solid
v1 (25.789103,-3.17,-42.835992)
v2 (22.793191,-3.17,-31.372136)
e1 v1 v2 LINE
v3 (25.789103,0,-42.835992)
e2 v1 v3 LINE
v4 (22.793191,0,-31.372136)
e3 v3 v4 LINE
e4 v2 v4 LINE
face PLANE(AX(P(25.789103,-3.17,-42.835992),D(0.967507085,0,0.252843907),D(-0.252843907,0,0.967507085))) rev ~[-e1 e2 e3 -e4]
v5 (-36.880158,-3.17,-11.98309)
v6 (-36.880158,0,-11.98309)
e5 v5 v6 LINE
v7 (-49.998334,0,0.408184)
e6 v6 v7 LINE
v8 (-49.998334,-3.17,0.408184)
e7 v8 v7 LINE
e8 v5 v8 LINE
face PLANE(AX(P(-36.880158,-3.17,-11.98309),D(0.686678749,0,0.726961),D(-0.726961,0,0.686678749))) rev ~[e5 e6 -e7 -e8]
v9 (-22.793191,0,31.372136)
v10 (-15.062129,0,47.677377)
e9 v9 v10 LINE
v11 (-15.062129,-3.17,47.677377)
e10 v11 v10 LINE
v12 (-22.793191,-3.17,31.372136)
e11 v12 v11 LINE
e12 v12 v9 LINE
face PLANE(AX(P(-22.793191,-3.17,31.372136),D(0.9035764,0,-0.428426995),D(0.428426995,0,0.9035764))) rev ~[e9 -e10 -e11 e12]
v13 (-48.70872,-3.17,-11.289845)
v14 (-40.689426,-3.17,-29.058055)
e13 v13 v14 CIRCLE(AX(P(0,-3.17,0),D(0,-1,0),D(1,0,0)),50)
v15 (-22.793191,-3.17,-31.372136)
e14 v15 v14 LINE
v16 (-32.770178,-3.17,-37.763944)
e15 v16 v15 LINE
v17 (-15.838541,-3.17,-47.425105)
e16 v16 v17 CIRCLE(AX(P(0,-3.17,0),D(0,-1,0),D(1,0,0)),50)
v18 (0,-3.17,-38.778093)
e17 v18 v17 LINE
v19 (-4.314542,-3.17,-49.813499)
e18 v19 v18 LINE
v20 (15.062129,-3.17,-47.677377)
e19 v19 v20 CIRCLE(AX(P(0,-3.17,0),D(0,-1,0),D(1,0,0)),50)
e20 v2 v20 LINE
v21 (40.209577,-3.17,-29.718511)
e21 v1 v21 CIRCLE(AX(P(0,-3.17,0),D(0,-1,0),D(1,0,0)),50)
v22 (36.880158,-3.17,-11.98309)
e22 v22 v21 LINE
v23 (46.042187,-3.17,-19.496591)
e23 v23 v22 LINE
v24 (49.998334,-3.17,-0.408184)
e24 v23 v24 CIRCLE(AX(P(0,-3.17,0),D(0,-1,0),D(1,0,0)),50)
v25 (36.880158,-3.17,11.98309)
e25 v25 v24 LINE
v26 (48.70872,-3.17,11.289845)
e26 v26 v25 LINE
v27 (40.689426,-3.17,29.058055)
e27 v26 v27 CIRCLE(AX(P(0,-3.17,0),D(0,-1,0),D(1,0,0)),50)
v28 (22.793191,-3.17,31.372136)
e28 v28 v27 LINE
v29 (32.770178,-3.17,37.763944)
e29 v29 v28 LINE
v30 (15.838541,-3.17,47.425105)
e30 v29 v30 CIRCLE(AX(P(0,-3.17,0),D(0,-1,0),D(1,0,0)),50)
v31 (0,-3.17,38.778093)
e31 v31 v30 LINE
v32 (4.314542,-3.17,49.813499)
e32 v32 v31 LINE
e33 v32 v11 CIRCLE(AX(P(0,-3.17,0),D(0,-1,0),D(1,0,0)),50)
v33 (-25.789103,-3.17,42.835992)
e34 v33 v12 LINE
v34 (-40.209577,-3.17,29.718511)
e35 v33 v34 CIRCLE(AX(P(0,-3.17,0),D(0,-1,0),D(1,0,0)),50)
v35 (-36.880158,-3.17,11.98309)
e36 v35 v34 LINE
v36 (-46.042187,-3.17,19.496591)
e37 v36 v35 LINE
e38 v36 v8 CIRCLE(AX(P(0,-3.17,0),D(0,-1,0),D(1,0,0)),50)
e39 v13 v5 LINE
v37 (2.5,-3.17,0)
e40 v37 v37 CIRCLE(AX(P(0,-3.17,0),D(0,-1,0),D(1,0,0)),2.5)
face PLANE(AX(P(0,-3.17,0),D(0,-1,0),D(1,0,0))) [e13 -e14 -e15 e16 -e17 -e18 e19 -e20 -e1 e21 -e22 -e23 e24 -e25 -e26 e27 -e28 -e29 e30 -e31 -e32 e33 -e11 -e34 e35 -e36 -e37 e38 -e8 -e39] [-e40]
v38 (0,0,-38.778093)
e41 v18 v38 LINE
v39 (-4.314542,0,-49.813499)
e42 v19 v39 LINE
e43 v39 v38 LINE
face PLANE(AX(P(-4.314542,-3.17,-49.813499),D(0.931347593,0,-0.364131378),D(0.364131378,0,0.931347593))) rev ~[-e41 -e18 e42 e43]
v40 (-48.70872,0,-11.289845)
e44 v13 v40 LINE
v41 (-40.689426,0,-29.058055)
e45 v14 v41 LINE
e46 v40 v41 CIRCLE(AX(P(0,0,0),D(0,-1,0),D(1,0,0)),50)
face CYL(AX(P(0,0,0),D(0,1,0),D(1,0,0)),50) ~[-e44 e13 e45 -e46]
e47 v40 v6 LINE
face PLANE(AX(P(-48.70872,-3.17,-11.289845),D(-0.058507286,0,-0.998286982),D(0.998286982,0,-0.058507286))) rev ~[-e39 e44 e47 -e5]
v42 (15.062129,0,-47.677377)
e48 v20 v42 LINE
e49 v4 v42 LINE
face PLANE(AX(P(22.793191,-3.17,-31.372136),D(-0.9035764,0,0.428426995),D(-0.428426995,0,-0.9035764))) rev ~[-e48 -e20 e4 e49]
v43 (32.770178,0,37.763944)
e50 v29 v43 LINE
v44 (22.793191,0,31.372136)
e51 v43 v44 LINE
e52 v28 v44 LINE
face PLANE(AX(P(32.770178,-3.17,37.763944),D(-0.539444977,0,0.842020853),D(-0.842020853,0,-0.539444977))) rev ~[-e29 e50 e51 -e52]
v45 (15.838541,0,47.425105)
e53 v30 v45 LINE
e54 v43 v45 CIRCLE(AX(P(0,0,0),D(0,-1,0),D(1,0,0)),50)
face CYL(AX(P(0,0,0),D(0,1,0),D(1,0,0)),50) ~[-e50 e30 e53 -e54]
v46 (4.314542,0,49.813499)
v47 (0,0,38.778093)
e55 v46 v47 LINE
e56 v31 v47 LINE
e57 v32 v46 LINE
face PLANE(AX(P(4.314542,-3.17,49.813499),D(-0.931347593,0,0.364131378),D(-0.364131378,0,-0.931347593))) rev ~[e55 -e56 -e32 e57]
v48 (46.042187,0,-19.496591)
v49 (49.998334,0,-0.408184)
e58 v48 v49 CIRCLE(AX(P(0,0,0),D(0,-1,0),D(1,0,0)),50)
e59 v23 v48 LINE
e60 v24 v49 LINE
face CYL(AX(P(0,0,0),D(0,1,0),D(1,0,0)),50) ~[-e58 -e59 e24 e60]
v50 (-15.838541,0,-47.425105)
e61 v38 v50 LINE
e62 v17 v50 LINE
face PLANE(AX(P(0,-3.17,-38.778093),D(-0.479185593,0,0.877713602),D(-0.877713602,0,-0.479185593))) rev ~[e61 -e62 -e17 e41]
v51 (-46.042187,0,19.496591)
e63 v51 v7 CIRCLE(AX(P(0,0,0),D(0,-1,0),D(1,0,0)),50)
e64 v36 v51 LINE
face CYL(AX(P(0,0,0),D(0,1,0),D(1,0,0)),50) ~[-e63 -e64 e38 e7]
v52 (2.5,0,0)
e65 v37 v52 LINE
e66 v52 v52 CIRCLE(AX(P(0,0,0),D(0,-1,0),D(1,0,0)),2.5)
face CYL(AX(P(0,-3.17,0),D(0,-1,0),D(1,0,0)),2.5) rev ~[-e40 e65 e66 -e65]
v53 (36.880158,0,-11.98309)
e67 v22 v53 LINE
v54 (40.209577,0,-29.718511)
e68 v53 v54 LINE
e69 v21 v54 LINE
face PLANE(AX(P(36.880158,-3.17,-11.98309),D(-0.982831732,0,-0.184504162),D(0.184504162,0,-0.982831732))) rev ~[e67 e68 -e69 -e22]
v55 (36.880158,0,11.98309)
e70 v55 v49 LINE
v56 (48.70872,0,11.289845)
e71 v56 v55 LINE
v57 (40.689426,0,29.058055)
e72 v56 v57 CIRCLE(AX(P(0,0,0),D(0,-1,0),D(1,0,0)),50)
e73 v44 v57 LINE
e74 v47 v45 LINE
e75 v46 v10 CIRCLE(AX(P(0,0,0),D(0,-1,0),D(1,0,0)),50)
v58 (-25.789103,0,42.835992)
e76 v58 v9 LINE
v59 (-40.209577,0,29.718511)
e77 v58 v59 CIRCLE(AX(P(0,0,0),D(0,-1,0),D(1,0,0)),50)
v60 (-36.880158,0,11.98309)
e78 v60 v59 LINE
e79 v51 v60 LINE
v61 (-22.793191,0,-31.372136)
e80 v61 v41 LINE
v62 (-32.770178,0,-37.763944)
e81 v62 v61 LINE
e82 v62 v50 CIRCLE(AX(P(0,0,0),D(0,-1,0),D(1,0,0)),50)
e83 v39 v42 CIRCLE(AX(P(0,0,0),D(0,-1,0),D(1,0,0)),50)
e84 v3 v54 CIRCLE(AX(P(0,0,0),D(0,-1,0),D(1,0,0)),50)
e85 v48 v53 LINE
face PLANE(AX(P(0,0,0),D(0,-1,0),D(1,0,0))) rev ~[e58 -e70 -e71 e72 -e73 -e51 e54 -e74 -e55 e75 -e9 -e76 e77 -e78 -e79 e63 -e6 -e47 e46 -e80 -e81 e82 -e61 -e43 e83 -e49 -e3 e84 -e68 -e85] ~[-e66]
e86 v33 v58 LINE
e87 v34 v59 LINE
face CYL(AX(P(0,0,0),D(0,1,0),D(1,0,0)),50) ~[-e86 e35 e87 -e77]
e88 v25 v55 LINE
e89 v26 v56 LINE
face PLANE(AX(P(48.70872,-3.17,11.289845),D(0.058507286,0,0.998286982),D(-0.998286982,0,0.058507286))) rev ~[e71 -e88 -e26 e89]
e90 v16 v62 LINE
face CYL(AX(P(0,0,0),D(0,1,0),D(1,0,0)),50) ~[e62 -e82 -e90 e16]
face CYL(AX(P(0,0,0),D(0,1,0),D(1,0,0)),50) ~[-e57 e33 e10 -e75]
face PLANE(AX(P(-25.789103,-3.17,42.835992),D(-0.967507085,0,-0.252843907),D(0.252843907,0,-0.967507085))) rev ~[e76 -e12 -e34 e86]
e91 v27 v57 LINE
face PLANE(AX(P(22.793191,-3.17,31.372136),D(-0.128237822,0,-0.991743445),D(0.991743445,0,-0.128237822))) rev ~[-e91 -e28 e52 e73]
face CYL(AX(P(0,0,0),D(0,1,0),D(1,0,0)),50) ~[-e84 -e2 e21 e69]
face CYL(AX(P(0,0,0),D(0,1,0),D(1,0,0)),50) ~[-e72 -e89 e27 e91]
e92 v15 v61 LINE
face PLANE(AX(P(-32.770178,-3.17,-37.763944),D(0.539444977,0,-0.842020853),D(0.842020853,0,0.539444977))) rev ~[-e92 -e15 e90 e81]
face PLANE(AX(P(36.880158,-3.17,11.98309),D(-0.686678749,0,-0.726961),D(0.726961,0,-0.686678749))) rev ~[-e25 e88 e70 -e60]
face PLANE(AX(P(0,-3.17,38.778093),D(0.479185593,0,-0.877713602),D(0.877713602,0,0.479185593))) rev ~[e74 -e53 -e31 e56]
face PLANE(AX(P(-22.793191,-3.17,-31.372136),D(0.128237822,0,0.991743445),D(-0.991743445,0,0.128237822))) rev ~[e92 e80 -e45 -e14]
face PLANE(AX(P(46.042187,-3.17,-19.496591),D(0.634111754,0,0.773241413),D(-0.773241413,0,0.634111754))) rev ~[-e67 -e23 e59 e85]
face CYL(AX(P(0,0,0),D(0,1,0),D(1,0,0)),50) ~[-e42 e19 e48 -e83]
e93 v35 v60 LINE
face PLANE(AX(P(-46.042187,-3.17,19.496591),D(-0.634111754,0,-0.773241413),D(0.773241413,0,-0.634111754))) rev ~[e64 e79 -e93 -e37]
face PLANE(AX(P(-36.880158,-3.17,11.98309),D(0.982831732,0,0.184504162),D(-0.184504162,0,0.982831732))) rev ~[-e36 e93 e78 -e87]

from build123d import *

# Parameters (mm, degrees)
F0_R     = 50
F1_DEPTH = 3.17
F2_R     = 2.5
F3_DEPTH = 25
F5_DEPTH = 25


with BuildPart() as f1:
    # F0 (on Front) → F1 (new body)
    with BuildSketch(Plane.XZ):
        Circle(F0_R)
    extrude(amount=F1_DEPTH)

    # F2 (on face) → F3 (cut)
    with BuildSketch(Plane.XZ.offset(3.17)):
        Circle(F2_R)
    extrude(amount=-F3_DEPTH, mode=Mode.SUBTRACT)

    # F4 (on face) → F5 (cut)
    with BuildSketch(Plane.XZ.offset(3.17)):
        with BuildLine():
            Line((-22.7931910082, 31.3721360136), (-15.0621287485, 47.6773769996))
            ThreePointArc((-15.0621287485, 47.6773769996), (-20.5685569707, 45.5733964517), (-25.7891029355, 42.8359915233))
            Line((-25.7891029355, 42.8359915233), (-22.7931910082, 31.3721360136))
        make_face()
        with BuildLine():
            Line((0, 38.7780927122), (15.8385409393, 47.4251053864))
            ThreePointArc((15.8385409393, 47.4251053864), (10.1470581921, 48.9595466691), (4.3145415402, 49.8134994886))
            Line((4.3145415402, 49.8134994886), (0, 38.7780927122))
        make_face()
        with BuildLine():
            ThreePointArc((40.6894263206, 29.0580554357), (36.9868420114, 33.6448141327), (32.7701777935, 37.7639437478))
            Line((32.7701777935, 37.7639437478), (22.7931910082, 31.3721360136))
            Line((22.7931910082, 31.3721360136), (40.6894263206, 29.0580554357))
        make_face()
        with BuildLine():
            ThreePointArc((50, 0), (49.6761310759, 5.6817252069), (48.7087199469, 11.2898450446))
            Line((48.7087199469, 11.2898450446), (36.8801577634, 11.9830896575))
            Line((36.8801577634, 11.9830896575), (49.9983338301, -0.4081840445))
            ThreePointArc((49.9983338301, -0.4081840445), (49.9995834558, -0.2040937225), (50, 0))
        make_face()
        with BuildLine():
            ThreePointArc((40.2095771974, -29.7185110934), (43.4276824703, -24.7797577725), (46.0421866292, -19.4965907379))
            Line((46.0421866292, -19.4965907379), (36.8801577634, -11.9830896575))
            Line((36.8801577634, -11.9830896575), (40.2095771974, -29.7185110934))
        make_face()
        with BuildLine():
            ThreePointArc((15.0621287485, -47.6773769996), (20.5685569707, -45.5733964517), (25.7891029355, -42.8359915233))
            Line((25.7891029355, -42.8359915233), (22.7931910082, -31.3721360136))
            Line((22.7931910082, -31.3721360136), (15.0621287485, -47.6773769996))
        make_face()
        with BuildLine():
            ThreePointArc((-15.8385409393, -47.4251053864), (-10.1470581921, -48.9595466691), (-4.3145415402, -49.8134994886))
            Line((-4.3145415402, -49.8134994886), (0, -38.7780927122))
            Line((0, -38.7780927122), (-15.8385409393, -47.4251053864))
        make_face()
        with BuildLine():
            Line((-22.7931910082, -31.3721360136), (-40.6894263206, -29.0580554357))
            ThreePointArc((-40.6894263206, -29.0580554357), (-36.9868420114, -33.6448141327), (-32.7701777935, -37.7639437478))
            Line((-32.7701777935, -37.7639437478), (-22.7931910082, -31.3721360136))
        make_face()
        with BuildLine():
            Line((-36.8801577634, -11.9830896575), (-49.9983338301, 0.4081840445))
            ThreePointArc((-49.9983338301, 0.4081840445), (-49.6989093188, -5.4789061428), (-48.7087199469, -11.2898450446))
            Line((-48.7087199469, -11.2898450446), (-36.8801577634, -11.9830896575))
        make_face()
        with BuildLine():
            Line((-36.8801577634, 11.9830896575), (-40.2095771974, 29.7185110934))
            ThreePointArc((-40.2095771974, 29.7185110934), (-43.4276824703, 24.7797577725), (-46.0421866292, 19.4965907379))
            Line((-46.0421866292, 19.4965907379), (-36.8801577634, 11.9830896575))
        make_face()
    extrude(amount=-F5_DEPTH, mode=Mode.SUBTRACT)


solid = f1.part
